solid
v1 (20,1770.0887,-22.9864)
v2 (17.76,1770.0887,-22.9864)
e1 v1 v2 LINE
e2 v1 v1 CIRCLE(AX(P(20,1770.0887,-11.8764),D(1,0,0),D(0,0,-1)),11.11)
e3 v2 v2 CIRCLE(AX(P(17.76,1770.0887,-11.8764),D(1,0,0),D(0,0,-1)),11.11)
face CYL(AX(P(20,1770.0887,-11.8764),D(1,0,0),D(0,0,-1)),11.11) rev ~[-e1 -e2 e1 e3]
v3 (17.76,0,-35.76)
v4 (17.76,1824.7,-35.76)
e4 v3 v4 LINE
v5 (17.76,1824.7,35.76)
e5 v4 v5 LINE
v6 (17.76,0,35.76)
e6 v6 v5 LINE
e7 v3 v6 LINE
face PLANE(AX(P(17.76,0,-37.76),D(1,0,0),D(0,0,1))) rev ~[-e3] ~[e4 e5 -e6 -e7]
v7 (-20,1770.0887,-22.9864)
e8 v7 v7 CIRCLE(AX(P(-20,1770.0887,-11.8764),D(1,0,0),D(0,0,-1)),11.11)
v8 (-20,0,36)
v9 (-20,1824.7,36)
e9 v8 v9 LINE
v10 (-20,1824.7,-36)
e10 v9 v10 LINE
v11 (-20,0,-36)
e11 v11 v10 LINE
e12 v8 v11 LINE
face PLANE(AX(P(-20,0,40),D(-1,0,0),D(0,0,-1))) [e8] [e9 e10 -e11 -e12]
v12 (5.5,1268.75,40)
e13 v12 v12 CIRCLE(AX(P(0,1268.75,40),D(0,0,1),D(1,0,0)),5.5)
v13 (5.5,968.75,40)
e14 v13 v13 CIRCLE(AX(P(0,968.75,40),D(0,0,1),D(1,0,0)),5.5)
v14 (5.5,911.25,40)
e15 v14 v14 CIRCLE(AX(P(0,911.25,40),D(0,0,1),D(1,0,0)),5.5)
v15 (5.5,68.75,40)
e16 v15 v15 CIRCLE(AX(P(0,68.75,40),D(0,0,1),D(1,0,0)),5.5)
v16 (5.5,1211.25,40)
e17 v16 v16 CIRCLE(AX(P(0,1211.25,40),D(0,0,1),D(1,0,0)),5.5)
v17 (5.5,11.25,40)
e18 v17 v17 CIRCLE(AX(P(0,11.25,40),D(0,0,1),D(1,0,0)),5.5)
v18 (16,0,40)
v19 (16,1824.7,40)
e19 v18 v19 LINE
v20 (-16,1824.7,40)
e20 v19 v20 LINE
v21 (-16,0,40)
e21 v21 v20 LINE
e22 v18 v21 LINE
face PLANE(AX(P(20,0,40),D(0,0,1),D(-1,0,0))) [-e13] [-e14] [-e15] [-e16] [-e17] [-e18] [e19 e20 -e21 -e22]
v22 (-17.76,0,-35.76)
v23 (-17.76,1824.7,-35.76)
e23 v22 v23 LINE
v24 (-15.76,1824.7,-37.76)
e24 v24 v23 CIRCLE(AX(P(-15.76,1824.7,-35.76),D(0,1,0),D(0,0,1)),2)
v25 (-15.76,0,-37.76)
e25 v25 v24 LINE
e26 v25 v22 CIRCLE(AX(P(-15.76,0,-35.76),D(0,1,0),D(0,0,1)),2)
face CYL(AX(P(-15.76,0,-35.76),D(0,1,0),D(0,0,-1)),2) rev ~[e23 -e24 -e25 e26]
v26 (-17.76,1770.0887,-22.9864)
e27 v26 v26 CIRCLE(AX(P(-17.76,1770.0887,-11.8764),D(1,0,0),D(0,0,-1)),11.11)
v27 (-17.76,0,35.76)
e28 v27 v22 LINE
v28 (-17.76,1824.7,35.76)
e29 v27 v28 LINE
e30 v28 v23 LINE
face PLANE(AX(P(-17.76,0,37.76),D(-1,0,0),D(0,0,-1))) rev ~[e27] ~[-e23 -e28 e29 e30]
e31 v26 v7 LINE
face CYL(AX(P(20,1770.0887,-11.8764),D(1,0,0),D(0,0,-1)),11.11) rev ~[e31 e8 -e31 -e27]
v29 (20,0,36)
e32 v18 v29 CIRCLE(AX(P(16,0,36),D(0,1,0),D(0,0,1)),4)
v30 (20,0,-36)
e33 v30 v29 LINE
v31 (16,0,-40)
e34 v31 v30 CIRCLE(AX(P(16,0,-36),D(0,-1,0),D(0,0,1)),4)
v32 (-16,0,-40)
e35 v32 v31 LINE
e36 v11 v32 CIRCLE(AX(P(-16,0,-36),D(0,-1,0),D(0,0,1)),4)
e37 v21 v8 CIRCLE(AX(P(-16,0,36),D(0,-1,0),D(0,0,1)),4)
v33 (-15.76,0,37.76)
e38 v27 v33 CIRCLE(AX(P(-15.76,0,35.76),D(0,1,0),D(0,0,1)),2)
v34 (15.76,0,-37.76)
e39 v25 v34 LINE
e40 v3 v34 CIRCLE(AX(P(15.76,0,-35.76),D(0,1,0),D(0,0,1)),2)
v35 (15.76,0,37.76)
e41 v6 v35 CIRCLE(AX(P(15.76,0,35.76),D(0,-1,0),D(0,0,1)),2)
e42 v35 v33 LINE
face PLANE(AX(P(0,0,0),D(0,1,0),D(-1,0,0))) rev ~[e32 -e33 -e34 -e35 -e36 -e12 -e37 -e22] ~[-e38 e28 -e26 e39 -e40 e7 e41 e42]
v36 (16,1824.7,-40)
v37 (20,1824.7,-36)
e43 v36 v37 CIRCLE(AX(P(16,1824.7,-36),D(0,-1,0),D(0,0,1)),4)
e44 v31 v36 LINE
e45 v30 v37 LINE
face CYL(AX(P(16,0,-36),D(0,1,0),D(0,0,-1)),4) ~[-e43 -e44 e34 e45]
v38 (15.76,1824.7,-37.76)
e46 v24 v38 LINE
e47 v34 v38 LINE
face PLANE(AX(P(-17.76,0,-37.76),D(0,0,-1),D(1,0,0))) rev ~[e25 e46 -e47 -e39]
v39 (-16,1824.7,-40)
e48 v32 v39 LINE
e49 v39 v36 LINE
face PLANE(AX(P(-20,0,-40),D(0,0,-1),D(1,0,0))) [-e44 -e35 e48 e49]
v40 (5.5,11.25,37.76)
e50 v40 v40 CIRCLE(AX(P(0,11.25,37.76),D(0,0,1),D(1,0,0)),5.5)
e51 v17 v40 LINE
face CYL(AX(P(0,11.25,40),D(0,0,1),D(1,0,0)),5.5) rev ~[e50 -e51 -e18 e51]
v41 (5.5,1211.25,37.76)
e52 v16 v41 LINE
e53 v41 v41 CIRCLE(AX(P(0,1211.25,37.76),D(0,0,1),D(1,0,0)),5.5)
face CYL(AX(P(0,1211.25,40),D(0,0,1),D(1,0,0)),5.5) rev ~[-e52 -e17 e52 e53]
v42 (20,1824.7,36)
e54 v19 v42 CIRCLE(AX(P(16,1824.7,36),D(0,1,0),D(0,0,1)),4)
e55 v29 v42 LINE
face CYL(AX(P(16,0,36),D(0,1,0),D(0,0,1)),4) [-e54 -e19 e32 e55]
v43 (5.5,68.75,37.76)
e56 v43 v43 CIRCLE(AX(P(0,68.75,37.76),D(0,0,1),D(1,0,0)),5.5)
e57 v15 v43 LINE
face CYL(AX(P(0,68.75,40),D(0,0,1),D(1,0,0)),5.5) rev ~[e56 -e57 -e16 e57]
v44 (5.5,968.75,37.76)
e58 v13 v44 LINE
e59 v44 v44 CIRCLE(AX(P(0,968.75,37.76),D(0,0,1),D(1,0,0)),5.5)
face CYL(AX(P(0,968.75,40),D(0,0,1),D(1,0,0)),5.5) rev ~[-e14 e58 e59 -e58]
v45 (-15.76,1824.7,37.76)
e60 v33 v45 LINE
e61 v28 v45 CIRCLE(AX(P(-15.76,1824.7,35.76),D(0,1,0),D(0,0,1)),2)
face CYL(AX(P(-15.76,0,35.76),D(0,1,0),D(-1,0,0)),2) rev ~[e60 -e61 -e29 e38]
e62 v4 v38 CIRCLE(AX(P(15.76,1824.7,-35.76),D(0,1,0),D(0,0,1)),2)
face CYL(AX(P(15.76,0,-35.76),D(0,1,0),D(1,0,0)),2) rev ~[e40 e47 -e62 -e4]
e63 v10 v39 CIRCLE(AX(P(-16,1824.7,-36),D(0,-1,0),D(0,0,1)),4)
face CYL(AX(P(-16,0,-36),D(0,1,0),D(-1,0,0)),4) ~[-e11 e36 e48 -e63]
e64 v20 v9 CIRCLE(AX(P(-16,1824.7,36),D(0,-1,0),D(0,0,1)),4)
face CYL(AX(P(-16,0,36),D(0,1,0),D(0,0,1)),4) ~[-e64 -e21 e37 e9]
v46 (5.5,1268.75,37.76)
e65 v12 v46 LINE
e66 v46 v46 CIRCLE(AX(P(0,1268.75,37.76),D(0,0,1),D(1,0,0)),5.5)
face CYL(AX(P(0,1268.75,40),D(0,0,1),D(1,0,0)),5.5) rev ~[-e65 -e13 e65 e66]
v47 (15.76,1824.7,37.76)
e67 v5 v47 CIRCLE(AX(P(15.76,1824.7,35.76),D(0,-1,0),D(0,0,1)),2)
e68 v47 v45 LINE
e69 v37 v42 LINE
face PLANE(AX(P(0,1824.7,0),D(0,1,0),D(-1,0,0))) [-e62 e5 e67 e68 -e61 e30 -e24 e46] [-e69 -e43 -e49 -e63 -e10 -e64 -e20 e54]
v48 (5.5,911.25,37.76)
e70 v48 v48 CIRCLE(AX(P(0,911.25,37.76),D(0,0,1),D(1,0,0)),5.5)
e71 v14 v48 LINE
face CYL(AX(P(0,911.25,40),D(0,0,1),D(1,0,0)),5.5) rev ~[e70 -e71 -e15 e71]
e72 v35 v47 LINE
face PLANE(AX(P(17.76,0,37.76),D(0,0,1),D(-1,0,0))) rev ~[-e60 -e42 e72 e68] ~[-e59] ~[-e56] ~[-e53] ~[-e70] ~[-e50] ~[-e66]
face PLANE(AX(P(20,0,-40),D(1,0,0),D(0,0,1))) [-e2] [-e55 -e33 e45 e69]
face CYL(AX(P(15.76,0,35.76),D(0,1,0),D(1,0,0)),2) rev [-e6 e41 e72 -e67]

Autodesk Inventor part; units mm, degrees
ref_plane "YZ Plane" through (0, 0, 0) normal (1, 0, 0) x (0, 1, 0)
ref_plane "XZ Plane" through (0, 0, 0) normal (0, 1, 0) x (-1, 0, 0)
ref_plane "XY Plane" through (0, 0, 0) normal (0, 0, 1) x (1, 0, 0)
sketch "Sketch1" plane through (0, 0, 0) normal (0, 1, 0) x (-1, 0, 0)
  line L0 (-20, 40) -> (20, 40)
  line L1 (20, 40) -> (20, -40)
  line L2 (20, -40) -> (-20, -40)
  line L3 (-20, -40) -> (-20, 40)
  line L4 (-20, 40) -> (20, -40) construction
  line L5 (20, 40) -> (-20, -40) construction
  line L6 (-17.76, 37.76) -> (17.76, 37.76)
  line L7 (17.76, 37.76) -> (17.76, -37.76)
  line L8 (17.76, -37.76) -> (-17.76, -37.76)
  line L9 (-17.76, -37.76) -> (-17.76, 37.76)
  line L10 (-17.76, 37.76) -> (17.76, -37.76) construction
  line L11 (17.76, 37.76) -> (-17.76, -37.76) construction
  point P0 (0, 0)
  dimension "d0" = 40
  dimension "d1" = 80
  dimension "d2" = 35.52
  dimension "d10" = 2.24
extrude "Extrusion1" add sketch "Sketch1" along normal blind 1824.7
fillet "Fillet1" radius 2 4 edges at (-17.76, 912.35, 37.76) (17.76, 912.35, -37.76) (17.76, 912.35, 37.76) (-17.76, 912.35, -37.76)
fillet "Fillet1" radius 4 4 edges at (20, 912.35, 40) (-20, 912.35, 40) (20, 912.35, -40) (-20, 912.35, -40)
sketch "Boceto3" plane through (-16, 0, 40) normal (0, 0, 1) x (1, 0, 0)
  circle A0 centre (16, 11.25) radius 4.5 projected
  circle A1 centre (16, 68.75) radius 4.5 projected
  circle A2 centre (16, 911.25) radius 4.5 projected
  circle A3 centre (16, 968.75) radius 4.5 projected
  circle A4 centre (16, 1268.75) radius 4.5 projected
  circle A5 centre (16, 1211.25) radius 4.5 projected
  circle A6 centre (16, 968.75) radius 5.5
  circle A7 centre (16, 911.25) radius 5.5
  circle A8 centre (16, 68.75) radius 5.5
  circle A9 centre (16, 11.25) radius 5.5
  circle A10 centre (16, 1268.75) radius 5.5
  circle A11 centre (16, 1211.25) radius 5.5
  point P0 (16, 0)
  dimension "d11" = 11
  dimension "d12" = 11
  dimension "d13" = 11
  dimension "d14" = 11
  dimension "d15" = 11
  dimension "d16" = 11
extrude "Extrusión3" cut sketch "Boceto3" against normal blind 10 contours A0 | A1 | A2 | A3 | A4 | A5 | A6 | A7 | A8 | A9 | A10 | A11
sketch "Sketch8" plane through (20, 0, 36) normal (1, 0, 0) x (0, 0, -1)
  circle A0 centre (47.8764, 1770.0887) radius 11.11 projected
  point P0 (36, 0)
extrude "Extrusion7" cut sketch "Sketch8" against normal through all
properties part number "tubo2-40x40x1800" material "Acero, carbono"
